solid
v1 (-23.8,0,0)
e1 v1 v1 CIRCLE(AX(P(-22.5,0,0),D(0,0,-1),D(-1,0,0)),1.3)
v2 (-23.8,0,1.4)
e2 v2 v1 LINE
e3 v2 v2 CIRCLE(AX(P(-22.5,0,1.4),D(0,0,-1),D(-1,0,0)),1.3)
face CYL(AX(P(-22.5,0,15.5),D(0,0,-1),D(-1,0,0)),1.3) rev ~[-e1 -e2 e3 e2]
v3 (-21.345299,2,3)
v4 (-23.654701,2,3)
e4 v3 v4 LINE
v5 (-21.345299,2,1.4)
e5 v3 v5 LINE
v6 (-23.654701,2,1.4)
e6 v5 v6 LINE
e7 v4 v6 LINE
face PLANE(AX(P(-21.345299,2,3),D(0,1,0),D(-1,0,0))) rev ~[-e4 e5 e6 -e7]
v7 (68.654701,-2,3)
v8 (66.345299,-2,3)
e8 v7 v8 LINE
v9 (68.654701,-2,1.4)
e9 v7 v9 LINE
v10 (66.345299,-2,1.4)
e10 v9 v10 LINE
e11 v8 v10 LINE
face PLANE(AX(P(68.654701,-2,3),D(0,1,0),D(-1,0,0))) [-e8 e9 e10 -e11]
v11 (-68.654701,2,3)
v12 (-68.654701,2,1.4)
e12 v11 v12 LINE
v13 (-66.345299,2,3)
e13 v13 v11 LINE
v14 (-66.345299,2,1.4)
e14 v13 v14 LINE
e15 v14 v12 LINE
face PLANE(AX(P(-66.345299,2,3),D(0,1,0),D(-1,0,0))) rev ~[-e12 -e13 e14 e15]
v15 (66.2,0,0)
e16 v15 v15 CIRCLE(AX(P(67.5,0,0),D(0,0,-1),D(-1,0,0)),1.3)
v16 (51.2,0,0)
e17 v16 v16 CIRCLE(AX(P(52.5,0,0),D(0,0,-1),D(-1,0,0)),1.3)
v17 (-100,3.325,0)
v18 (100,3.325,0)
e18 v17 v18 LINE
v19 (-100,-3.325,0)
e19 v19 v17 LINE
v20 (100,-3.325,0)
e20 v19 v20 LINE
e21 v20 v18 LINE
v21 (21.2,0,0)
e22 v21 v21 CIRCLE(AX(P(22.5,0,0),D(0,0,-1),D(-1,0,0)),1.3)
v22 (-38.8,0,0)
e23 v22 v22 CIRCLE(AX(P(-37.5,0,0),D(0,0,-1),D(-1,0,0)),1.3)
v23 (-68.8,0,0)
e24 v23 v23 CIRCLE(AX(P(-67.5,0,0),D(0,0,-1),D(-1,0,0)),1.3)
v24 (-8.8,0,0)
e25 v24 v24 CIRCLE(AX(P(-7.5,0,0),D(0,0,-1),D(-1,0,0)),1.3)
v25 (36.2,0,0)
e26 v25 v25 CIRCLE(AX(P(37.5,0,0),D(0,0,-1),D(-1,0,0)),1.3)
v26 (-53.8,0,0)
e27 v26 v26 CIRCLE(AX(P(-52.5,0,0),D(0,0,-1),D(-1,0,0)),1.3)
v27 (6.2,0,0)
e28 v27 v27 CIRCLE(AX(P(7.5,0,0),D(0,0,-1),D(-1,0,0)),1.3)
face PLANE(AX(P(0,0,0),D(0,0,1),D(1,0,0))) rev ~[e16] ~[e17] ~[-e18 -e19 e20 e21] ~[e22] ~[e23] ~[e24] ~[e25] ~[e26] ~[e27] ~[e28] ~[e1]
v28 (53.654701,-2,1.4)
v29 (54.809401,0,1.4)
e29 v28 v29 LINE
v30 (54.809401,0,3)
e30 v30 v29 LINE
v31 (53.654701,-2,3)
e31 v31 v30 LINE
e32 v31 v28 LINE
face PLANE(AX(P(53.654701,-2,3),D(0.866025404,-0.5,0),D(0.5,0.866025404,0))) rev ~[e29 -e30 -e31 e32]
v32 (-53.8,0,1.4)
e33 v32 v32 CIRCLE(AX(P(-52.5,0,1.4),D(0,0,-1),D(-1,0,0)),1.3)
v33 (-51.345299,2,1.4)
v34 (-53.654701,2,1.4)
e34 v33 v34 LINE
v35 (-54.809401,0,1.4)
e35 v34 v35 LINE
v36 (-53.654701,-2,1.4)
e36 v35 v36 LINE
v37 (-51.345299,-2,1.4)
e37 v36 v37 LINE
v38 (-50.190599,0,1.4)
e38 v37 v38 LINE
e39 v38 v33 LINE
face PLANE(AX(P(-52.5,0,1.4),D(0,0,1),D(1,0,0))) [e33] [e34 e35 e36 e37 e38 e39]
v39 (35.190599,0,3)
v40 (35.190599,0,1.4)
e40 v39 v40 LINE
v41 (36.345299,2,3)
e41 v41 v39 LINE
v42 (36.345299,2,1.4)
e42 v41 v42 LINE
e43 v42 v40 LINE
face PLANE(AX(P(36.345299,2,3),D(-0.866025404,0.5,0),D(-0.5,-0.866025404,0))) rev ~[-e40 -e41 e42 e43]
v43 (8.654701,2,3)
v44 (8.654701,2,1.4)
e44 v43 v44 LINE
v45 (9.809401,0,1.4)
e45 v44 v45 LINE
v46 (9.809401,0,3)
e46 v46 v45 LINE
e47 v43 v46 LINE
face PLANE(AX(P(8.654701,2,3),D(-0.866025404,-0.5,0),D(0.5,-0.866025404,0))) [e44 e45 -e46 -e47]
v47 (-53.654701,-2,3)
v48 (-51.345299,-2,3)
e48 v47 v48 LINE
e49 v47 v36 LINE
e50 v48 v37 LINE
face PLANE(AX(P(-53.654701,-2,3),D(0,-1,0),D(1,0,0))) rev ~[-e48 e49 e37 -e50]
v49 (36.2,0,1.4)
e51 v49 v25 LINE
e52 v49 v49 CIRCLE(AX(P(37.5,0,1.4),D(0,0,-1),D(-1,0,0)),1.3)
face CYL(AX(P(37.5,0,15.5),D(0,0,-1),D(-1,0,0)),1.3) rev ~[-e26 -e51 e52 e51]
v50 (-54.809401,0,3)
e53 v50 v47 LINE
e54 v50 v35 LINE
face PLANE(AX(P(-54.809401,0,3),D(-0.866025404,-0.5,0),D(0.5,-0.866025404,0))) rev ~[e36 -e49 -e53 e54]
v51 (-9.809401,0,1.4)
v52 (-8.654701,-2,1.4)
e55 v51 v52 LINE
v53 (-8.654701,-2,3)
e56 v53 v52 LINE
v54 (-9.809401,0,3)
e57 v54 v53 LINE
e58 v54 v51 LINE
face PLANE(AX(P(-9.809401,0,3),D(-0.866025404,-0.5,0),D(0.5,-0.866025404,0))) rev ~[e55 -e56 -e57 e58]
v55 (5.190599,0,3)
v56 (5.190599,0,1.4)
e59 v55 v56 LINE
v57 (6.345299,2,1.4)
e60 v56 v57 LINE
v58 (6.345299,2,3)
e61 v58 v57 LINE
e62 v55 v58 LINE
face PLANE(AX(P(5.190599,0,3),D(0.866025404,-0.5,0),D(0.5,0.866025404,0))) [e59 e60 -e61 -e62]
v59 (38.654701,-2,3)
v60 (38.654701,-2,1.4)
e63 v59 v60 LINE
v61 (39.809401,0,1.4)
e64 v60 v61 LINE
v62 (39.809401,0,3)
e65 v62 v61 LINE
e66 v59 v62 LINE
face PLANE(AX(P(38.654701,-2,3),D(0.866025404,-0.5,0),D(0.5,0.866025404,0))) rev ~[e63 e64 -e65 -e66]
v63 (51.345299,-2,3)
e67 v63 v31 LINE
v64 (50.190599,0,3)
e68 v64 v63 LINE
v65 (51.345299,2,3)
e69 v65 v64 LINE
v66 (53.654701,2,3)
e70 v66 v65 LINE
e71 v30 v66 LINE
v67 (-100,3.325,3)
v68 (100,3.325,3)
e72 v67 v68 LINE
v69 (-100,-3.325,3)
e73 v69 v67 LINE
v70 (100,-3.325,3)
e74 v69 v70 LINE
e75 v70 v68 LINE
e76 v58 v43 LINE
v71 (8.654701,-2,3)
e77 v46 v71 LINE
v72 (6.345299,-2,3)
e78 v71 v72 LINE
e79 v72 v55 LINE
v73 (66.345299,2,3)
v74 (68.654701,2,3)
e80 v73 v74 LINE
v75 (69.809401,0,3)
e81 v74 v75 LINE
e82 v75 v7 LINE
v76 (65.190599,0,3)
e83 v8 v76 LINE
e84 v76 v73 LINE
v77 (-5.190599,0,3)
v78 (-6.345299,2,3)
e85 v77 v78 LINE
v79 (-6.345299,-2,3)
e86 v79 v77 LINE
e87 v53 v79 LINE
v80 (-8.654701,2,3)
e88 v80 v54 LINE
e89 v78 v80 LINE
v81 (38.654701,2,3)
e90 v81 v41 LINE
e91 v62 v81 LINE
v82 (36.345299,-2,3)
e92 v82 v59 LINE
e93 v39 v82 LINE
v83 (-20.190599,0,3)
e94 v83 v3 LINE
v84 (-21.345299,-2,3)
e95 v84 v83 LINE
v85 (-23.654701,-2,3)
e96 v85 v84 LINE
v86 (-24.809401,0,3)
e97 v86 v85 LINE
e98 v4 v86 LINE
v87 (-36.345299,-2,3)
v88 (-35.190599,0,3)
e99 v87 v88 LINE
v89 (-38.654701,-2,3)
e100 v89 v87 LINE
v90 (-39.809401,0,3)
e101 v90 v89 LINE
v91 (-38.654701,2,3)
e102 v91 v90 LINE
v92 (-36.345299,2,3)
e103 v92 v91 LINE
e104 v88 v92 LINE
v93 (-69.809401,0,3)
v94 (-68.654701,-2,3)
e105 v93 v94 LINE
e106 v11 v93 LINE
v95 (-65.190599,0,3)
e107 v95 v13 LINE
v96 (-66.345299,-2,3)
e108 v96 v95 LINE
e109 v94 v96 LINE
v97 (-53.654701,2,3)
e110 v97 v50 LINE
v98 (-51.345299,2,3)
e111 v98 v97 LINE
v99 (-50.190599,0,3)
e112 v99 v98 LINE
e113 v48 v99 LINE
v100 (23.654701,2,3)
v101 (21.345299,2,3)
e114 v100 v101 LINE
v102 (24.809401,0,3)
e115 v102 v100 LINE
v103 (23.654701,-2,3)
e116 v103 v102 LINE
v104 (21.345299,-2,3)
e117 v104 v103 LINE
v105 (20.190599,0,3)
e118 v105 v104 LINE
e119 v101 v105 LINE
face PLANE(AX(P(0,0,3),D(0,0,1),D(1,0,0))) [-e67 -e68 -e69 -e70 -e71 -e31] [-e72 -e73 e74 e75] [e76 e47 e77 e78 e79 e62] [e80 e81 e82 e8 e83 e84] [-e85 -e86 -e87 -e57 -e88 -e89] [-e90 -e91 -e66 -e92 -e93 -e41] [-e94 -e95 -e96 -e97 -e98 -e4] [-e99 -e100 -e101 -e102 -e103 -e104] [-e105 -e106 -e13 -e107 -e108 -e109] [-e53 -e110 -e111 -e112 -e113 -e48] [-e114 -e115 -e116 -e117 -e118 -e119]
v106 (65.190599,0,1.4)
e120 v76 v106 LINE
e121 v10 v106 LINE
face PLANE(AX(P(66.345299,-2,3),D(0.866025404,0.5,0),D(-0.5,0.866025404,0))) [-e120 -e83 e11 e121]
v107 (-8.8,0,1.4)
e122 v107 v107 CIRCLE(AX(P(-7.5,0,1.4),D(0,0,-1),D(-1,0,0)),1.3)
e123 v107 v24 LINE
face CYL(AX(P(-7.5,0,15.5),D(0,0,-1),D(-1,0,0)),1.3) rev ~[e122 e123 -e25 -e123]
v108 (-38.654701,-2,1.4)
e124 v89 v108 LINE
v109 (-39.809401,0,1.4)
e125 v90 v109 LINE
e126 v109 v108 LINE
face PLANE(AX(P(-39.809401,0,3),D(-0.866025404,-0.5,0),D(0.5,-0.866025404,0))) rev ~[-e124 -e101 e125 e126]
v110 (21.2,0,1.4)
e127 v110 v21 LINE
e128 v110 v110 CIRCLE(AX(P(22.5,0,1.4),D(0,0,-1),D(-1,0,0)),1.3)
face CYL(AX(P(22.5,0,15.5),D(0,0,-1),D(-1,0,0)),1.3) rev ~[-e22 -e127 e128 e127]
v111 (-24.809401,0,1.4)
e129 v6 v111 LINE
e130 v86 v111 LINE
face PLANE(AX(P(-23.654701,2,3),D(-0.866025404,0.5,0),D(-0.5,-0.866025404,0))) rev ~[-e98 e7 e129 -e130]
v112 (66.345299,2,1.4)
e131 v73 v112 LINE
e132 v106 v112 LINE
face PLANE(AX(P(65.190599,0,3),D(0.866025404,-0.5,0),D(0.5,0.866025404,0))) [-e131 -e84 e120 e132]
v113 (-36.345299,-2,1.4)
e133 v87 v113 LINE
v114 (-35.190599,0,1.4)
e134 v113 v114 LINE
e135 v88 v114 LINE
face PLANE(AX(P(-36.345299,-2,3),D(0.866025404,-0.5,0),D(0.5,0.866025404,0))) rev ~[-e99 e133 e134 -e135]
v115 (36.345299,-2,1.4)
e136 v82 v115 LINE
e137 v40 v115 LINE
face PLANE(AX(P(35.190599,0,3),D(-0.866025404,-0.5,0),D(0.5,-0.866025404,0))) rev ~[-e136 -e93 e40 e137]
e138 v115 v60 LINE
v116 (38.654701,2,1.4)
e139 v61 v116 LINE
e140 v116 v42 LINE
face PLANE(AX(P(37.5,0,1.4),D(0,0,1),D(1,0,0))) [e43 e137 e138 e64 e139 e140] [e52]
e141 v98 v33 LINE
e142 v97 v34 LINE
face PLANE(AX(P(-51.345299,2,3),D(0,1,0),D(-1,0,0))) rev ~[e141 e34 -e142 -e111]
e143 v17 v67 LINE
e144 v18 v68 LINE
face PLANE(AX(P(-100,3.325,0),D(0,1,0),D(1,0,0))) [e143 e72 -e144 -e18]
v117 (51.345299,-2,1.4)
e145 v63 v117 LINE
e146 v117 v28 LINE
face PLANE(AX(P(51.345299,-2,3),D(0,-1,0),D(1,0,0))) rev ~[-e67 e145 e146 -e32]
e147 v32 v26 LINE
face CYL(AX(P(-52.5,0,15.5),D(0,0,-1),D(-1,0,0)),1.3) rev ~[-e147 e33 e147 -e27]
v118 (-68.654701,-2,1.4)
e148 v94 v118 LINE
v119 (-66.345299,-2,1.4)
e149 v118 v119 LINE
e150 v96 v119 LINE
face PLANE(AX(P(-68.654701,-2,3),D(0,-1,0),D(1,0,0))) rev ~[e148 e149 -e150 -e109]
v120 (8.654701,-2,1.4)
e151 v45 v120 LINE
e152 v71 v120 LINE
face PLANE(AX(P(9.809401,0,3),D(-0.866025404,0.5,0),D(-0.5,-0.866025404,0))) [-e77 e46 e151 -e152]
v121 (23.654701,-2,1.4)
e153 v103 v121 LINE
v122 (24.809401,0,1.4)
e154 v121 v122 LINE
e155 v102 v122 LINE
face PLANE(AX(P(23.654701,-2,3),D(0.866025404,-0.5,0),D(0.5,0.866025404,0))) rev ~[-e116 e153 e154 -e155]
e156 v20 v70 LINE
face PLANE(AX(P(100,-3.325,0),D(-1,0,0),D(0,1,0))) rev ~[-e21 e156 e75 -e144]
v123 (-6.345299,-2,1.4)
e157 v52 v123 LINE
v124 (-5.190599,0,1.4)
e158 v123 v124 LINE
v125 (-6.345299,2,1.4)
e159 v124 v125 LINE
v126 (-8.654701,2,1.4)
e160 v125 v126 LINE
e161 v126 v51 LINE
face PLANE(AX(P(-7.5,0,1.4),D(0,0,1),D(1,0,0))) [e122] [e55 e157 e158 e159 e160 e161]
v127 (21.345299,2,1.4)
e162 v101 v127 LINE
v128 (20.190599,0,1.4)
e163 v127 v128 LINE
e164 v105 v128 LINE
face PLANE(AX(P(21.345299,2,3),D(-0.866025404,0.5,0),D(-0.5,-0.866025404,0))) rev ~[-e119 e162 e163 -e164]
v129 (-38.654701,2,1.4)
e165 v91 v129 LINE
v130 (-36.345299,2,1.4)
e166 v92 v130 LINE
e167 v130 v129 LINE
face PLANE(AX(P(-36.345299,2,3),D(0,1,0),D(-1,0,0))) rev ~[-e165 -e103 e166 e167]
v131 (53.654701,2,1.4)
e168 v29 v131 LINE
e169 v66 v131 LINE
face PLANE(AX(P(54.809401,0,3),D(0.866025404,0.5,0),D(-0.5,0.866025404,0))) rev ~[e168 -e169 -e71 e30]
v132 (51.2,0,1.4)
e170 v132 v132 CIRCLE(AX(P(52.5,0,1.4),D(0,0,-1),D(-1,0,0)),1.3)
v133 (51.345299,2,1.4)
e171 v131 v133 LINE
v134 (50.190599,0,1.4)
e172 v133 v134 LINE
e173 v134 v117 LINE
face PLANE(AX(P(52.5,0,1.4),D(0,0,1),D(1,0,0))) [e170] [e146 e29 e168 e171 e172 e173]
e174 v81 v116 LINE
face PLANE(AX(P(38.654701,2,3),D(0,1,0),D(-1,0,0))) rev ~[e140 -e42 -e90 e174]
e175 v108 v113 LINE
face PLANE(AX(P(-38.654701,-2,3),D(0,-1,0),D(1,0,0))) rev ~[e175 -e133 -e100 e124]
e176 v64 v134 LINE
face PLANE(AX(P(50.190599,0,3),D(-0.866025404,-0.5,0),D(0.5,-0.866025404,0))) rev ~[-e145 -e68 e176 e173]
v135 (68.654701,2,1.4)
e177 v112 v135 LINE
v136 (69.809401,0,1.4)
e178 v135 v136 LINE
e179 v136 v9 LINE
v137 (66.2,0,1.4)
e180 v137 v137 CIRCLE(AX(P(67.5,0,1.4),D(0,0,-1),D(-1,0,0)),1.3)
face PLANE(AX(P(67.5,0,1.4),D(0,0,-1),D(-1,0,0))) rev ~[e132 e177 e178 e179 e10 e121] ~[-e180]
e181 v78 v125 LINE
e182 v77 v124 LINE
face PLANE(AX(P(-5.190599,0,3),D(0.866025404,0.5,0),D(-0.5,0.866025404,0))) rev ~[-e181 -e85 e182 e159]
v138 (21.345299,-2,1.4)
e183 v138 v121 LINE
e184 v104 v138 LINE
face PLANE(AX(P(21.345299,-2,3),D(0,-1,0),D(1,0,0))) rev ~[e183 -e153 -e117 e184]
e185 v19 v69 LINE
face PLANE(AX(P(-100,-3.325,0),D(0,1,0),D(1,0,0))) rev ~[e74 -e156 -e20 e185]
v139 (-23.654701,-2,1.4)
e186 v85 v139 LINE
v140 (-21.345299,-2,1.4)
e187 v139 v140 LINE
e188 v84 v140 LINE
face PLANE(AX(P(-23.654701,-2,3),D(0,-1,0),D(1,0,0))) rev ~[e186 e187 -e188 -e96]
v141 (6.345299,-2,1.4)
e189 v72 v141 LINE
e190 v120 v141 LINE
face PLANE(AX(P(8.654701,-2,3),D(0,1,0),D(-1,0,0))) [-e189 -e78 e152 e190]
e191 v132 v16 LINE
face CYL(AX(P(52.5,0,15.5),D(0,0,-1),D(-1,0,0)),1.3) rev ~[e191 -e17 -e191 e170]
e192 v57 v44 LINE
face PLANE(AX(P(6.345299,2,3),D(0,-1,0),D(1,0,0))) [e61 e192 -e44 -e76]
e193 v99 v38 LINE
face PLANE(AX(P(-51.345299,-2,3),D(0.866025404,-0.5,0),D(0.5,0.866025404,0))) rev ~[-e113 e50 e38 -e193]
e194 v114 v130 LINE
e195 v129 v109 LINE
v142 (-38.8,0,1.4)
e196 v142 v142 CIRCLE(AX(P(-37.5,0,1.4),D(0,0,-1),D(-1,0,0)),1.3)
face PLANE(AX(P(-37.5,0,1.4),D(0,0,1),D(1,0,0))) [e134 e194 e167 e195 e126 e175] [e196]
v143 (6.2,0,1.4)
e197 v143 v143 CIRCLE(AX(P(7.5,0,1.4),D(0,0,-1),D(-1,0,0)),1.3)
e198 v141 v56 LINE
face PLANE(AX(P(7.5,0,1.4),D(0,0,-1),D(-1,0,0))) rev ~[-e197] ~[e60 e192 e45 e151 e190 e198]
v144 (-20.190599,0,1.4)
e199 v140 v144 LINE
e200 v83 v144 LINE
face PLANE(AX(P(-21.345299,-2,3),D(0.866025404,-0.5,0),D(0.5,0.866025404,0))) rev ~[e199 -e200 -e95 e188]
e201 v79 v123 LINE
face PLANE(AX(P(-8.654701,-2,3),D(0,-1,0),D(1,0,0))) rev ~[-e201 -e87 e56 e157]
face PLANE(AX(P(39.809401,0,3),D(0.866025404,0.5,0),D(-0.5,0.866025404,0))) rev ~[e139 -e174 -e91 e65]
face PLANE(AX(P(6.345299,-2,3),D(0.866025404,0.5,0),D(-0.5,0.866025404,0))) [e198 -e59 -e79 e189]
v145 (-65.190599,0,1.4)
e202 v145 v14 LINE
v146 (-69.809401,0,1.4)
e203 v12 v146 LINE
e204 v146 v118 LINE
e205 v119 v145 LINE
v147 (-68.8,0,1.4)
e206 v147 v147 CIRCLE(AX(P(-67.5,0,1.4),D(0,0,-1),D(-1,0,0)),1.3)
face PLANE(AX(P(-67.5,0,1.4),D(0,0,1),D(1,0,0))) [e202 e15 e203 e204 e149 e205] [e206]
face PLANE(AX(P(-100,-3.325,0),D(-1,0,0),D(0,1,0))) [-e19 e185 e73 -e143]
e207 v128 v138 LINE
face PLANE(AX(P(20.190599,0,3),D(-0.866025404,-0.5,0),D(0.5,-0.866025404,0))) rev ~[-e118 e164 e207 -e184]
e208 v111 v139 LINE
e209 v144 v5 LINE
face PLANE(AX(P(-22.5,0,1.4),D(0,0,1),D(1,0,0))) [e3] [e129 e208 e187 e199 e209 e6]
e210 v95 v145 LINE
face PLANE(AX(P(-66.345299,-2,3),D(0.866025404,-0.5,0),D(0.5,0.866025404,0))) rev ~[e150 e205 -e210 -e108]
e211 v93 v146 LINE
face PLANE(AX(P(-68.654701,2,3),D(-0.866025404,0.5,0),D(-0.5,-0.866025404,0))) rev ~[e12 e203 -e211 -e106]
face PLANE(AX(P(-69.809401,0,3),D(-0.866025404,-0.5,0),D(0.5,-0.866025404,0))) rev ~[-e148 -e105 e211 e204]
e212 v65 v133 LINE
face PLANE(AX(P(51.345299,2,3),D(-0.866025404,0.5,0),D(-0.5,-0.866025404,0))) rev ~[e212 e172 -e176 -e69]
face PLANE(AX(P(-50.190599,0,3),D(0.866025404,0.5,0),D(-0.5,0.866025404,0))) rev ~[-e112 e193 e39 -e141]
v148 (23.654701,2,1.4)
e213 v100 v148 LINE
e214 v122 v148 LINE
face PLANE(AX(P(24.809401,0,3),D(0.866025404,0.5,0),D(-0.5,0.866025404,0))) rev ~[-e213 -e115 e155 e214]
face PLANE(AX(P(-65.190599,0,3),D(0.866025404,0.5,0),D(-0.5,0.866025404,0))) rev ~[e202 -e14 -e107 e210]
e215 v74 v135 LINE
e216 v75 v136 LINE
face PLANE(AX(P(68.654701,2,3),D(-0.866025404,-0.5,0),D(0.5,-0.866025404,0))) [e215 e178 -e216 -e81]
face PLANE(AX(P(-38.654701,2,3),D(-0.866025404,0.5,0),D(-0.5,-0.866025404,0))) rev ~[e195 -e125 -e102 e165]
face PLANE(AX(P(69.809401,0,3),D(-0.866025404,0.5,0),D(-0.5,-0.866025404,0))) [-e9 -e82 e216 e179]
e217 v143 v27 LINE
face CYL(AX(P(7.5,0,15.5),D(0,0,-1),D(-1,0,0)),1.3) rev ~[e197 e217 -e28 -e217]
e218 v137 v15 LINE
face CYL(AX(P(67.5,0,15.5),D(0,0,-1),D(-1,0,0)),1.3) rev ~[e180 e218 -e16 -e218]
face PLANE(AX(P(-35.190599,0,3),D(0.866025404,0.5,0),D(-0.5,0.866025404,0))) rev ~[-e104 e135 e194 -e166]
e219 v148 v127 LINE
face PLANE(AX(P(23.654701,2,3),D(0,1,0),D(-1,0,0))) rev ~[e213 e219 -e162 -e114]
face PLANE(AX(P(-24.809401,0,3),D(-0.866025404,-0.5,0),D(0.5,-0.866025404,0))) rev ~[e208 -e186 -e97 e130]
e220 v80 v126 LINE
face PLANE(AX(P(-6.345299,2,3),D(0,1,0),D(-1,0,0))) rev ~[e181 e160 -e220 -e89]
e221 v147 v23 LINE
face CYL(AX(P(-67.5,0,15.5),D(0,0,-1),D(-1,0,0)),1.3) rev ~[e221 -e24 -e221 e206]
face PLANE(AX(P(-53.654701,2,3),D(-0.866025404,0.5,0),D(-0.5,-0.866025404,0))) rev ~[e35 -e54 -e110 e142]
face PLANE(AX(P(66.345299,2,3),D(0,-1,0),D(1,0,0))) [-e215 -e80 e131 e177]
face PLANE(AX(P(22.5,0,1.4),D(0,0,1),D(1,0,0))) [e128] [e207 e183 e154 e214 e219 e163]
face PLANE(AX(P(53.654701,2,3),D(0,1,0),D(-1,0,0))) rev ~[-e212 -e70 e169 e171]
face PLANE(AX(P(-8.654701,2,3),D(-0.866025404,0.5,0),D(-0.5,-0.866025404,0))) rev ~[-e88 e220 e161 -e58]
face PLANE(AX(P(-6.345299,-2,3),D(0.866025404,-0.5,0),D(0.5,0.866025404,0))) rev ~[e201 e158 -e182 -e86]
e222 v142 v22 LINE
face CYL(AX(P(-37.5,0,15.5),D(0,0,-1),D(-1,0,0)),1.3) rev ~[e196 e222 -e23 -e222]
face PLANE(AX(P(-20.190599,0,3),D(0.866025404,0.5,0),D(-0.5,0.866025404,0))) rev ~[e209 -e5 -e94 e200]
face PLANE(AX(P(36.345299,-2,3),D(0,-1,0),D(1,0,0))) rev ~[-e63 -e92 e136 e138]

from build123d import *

# Parameters (mm, degrees)
SKETCH2_W                        = 200
SKETCH2_H                        = 6.65
BOSS_EXTRUDE1_DEPTH              = 3
CUT_EXTRUDE1_DEPTH               = 1.6
LPATTERN1_COUNT                  = 5
LPATTERN1_PITCH                  = 15
LPATTERN1_COUNT_DIR2             = 5
LPATTERN1_PITCH_DIR2             = 15
TALADRO_DE_MARGEN_PARA_M21_D     = 2.6
TALADRO_DE_MARGEN_PARA_M21_DEPTH = 12.5
TALADRO_DE_MARGEN_PARA_M21_TIP   = 0.781118805


with BuildPart() as part:
    # Sketch2 → Boss-Extrude1 (new body)
    with BuildSketch(Plane.XY):
        Rectangle(SKETCH2_W, SKETCH2_H)
    extrude(amount=BOSS_EXTRUDE1_DEPTH)

    # Sketch3 → Cut-Extrude1 (cut)
    with BuildSketch(Plane.XY.offset(3)):
        Polygon((-5.190598923, 0), (-6.345299462, 2), (-8.654700538, 2), (-9.809401077, 0), (-8.654700538, -2), (-6.345299462, -2), align=None)
        Polygon((5.190598923, 0), (6.345299462, 2), (8.654700538, 2), (9.809401077, 0), (8.654700538, -2), (6.345299462, -2), align=None)
    cut_extrude1 = extrude(amount=-CUT_EXTRUDE1_DEPTH, mode=Mode.SUBTRACT)

    # LPattern1: Cut-Extrude1 5 × 5
    with Locations(*[Vector(-1, 0, 0) * (i * LPATTERN1_PITCH) + Vector(1, 0, 0) * (j * LPATTERN1_PITCH_DIR2) for i in range(LPATTERN1_COUNT) for j in range(LPATTERN1_COUNT_DIR2) if (i, j) != (0, 0)]):
        add(cut_extrude1, mode=Mode.SUBTRACT)

    # Taladro de margen para M21
    with Locations(Plane.XY.offset(3)):
        with Locations((37.5, 0), (52.5, 0), (67.5, 0), (22.5, 0), (7.5, 0), (-67.5, 0), (-52.5, 0), (-37.5, 0), (-7.5, 0), (-22.5, 0)):
            Hole(TALADRO_DE_MARGEN_PARA_M21_D / 2, depth=TALADRO_DE_MARGEN_PARA_M21_DEPTH)
            with Locations((0, 0, -(TALADRO_DE_MARGEN_PARA_M21_DEPTH + TALADRO_DE_MARGEN_PARA_M21_TIP / 2))):  # 118° drill point
                Cone(0, TALADRO_DE_MARGEN_PARA_M21_D / 2, TALADRO_DE_MARGEN_PARA_M21_TIP, mode=Mode.SUBTRACT)


solid = part.part
